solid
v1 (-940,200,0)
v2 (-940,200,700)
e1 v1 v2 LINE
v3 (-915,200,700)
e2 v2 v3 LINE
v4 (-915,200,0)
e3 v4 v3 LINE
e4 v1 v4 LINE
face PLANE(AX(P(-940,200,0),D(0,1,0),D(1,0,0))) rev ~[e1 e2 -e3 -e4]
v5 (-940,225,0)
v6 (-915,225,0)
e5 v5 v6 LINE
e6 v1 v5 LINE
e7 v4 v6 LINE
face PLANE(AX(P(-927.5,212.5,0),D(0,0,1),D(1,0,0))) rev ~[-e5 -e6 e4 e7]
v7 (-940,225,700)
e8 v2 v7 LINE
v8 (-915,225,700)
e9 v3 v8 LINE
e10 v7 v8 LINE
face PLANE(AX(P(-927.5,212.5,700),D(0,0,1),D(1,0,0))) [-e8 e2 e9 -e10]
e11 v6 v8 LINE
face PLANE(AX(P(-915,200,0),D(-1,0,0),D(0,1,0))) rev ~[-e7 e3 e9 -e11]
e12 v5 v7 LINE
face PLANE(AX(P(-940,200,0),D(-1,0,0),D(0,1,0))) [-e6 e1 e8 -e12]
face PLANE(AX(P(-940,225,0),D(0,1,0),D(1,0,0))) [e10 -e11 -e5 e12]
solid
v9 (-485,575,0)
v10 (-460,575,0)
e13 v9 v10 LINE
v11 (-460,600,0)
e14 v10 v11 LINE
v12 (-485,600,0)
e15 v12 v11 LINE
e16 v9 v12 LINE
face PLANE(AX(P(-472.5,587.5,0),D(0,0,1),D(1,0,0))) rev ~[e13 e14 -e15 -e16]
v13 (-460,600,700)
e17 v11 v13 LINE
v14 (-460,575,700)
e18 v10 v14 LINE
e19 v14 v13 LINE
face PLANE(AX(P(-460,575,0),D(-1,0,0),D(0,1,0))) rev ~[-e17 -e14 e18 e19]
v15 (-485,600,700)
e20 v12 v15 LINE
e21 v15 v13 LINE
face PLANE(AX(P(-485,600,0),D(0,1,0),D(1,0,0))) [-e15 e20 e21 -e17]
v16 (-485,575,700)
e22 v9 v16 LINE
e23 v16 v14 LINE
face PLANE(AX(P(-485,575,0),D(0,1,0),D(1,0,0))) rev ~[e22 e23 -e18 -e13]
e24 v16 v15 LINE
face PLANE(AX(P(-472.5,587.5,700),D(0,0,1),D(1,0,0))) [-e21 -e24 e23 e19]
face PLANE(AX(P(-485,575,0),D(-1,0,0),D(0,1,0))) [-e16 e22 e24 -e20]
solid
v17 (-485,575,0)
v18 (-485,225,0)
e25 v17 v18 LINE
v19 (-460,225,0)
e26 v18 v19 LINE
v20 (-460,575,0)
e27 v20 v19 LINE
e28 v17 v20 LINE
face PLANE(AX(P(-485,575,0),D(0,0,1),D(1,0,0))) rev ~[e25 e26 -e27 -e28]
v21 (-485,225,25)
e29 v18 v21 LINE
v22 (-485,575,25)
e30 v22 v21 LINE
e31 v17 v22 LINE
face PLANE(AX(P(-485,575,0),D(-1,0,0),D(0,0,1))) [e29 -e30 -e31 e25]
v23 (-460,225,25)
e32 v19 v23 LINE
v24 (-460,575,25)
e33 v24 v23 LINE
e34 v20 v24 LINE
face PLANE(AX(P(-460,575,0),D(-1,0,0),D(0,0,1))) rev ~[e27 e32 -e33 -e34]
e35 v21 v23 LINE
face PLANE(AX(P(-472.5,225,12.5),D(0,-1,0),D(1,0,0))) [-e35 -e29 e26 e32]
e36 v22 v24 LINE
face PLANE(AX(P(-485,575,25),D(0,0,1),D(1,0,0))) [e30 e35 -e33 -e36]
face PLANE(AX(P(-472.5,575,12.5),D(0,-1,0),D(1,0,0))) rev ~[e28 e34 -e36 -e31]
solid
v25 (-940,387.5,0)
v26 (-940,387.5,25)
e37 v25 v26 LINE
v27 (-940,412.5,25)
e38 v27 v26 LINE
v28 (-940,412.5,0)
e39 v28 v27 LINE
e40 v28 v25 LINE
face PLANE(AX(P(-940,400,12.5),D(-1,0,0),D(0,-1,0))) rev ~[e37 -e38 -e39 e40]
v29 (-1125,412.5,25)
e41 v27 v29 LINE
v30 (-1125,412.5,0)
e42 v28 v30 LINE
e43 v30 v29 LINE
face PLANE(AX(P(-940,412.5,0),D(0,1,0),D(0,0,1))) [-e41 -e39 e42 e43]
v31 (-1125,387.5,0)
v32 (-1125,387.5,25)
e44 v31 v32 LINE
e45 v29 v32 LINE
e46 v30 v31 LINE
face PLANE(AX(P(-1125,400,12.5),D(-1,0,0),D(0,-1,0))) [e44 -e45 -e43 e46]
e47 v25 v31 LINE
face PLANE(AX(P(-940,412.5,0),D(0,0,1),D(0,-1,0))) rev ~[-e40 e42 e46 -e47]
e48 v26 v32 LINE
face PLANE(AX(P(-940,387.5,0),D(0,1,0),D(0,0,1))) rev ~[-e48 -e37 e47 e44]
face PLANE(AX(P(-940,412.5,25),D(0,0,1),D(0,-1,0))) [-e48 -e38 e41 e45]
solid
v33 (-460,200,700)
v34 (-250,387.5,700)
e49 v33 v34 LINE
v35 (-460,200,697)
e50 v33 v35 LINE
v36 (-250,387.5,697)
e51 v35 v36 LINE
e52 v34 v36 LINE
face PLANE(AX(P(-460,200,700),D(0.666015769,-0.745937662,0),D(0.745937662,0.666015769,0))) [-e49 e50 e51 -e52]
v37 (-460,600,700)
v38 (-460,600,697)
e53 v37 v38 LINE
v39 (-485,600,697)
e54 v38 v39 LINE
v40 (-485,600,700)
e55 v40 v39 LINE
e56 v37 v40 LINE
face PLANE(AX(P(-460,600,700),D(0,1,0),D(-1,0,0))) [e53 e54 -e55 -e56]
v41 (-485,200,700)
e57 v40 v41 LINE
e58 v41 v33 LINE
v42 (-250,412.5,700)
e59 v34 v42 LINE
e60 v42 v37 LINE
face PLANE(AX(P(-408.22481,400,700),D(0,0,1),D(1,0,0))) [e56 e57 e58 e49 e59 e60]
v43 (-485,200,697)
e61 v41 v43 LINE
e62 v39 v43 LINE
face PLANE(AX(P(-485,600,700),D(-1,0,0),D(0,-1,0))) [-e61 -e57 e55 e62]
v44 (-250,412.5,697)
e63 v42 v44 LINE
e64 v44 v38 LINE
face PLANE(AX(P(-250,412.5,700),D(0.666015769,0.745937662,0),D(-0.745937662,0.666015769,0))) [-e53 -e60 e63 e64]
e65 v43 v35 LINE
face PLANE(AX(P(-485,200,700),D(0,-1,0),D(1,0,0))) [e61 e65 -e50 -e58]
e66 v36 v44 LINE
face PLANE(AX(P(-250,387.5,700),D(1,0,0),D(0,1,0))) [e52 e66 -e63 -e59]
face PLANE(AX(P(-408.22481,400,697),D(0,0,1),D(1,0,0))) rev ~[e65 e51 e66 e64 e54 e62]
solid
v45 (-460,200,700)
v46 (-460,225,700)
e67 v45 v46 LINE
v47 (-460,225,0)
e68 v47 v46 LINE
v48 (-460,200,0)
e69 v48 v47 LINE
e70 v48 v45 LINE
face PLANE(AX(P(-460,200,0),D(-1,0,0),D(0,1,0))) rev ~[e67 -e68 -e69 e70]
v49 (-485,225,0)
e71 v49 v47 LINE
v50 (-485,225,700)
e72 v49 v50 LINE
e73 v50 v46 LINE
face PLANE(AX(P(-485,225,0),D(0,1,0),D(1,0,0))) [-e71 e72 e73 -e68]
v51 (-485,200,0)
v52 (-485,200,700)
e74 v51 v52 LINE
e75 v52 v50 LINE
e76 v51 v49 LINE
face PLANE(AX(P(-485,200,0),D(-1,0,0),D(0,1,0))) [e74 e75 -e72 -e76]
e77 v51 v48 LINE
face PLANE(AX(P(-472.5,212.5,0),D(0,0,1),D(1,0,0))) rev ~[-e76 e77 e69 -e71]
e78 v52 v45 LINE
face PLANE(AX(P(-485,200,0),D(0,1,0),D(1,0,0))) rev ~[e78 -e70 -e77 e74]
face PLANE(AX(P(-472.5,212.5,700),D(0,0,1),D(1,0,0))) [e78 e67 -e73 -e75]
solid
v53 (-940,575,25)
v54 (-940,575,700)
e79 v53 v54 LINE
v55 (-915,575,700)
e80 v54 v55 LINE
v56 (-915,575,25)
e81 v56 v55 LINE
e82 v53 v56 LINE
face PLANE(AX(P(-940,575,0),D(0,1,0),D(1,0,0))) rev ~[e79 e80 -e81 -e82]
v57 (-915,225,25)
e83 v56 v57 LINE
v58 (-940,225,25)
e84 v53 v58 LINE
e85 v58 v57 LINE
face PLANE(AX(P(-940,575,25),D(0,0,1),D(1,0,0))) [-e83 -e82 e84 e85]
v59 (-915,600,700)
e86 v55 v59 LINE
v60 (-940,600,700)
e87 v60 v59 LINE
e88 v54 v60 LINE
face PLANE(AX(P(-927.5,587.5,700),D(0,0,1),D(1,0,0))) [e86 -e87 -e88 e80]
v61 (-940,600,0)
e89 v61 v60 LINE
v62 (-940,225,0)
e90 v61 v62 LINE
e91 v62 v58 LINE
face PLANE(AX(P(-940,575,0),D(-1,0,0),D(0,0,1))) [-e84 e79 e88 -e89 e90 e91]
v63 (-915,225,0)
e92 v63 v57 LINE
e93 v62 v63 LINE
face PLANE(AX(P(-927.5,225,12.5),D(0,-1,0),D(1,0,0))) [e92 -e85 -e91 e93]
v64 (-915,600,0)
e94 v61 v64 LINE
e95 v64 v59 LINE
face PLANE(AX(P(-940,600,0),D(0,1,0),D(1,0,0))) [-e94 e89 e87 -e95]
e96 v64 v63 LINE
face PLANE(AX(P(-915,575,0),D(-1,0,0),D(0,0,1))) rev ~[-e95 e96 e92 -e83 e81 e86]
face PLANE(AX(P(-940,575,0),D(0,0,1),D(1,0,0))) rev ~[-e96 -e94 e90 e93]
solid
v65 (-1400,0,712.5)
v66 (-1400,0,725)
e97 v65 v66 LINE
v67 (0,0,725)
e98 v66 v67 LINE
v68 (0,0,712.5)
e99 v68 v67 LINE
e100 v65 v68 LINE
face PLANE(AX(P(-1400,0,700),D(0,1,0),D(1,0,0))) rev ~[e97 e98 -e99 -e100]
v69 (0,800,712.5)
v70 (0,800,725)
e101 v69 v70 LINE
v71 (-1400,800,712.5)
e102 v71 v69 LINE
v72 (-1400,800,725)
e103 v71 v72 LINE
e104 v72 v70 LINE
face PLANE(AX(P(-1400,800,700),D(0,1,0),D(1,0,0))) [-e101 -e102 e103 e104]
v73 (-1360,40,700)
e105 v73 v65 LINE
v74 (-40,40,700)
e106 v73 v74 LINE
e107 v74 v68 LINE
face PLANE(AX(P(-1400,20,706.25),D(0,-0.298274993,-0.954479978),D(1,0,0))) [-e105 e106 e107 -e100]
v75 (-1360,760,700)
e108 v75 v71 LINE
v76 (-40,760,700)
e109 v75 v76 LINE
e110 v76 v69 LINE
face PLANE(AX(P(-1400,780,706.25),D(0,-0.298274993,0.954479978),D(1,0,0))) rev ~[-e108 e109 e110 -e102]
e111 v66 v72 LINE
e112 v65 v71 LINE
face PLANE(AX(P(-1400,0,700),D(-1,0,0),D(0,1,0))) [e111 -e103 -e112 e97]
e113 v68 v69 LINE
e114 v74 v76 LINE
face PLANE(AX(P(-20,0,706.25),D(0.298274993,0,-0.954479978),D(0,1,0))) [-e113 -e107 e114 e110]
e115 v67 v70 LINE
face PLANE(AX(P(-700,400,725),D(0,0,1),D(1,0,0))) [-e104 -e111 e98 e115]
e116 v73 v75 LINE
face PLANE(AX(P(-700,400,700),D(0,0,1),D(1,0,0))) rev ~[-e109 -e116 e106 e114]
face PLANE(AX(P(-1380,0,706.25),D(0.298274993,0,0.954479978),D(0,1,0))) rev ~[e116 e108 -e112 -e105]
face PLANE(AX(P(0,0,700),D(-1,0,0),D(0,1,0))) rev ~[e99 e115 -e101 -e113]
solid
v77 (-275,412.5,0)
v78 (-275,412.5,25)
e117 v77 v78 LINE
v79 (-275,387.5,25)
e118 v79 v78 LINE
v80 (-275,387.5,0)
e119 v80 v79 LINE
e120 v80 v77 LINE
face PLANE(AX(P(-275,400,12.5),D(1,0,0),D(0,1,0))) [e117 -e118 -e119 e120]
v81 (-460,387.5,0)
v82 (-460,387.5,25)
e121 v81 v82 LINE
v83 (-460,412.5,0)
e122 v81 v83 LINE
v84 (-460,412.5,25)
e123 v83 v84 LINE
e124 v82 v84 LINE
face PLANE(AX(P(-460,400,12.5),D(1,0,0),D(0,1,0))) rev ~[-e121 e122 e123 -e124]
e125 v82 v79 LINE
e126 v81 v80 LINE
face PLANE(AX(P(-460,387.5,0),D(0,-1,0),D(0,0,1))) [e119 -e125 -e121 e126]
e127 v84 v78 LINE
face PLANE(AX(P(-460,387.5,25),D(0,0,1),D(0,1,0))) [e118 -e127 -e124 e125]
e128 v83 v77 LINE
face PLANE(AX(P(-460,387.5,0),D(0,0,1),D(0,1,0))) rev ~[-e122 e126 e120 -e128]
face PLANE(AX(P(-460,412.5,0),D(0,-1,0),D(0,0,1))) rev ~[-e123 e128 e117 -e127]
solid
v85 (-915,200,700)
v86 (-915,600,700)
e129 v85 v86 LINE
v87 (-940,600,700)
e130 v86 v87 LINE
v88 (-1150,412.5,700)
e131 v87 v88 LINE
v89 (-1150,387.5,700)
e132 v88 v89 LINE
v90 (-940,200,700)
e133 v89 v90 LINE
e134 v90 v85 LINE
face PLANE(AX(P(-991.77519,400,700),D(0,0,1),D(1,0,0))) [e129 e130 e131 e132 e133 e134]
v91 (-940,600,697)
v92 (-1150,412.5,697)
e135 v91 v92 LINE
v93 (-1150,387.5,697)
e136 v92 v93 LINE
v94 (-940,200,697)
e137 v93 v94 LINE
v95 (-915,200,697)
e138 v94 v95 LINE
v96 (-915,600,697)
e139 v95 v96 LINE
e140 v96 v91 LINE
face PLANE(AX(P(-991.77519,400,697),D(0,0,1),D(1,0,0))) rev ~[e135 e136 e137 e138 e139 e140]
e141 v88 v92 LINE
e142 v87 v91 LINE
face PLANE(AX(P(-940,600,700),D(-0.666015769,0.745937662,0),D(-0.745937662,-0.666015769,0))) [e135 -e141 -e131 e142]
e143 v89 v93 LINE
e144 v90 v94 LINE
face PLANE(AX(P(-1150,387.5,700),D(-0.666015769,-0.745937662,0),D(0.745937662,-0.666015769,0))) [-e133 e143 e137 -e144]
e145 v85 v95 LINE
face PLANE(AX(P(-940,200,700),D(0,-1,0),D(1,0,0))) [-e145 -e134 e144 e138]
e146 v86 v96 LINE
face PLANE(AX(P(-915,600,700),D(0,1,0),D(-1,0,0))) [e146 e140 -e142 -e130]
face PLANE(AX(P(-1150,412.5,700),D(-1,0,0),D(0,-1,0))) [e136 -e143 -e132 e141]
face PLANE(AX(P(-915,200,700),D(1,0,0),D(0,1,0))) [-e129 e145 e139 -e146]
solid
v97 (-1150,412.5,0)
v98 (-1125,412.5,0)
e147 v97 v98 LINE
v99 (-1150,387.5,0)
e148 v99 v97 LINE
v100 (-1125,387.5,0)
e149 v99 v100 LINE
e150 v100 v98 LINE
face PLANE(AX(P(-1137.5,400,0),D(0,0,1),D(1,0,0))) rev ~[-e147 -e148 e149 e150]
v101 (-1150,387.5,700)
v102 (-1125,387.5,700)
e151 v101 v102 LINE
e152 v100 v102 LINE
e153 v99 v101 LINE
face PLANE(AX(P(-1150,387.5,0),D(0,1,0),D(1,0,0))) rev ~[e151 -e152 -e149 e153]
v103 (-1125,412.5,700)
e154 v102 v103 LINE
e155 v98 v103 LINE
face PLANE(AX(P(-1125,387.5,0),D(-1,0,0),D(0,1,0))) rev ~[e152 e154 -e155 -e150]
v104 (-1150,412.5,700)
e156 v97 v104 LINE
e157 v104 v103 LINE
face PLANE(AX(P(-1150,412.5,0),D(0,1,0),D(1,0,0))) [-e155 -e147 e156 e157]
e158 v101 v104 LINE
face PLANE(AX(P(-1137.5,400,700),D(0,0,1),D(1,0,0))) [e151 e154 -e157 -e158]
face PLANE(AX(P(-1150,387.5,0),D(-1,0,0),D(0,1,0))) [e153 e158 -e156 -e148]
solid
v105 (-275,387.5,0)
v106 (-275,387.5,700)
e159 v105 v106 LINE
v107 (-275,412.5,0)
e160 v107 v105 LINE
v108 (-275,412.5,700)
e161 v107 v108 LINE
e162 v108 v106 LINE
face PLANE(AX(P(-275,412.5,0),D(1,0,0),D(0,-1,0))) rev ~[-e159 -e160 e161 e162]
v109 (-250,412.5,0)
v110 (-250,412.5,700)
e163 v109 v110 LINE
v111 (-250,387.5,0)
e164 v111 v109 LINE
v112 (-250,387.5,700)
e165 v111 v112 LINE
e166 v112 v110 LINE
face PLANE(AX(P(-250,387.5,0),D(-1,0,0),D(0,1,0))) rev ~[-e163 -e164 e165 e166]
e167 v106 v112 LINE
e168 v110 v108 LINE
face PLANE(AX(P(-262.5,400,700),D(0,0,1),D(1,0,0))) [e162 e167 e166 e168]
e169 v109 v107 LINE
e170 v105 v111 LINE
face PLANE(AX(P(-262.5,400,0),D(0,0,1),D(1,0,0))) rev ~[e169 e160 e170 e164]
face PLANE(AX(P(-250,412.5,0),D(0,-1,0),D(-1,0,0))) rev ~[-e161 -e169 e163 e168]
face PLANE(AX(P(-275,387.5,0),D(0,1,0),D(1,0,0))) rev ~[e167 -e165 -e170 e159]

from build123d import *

# Parameters (mm, degrees)
F0_W      = 25
F0_H      = 25
F1_DEPTH  = 700
F3_W      = 25
F3_H      = 25
F4_DEPTH  = 350
F6_W      = 25
F6_H      = 25
F7_DEPTH  = 185
F9_W      = 25
F9_H      = 25
F10_DEPTH = 350
F12_W     = 25
F12_H     = 25
F13_DEPTH = 185
F16_DEPTH = 3
F18_W     = 1400
F18_H     = 800
F19_DEPTH = 25
F20_SIZE2 = 12.5
F20_SIZE  = 40


with BuildPart() as f1:
    # F0 (on Top) → F1 (new body)
    with BuildSketch(Plane.XY):
        with Locations((-472.5, 587.5)):
            Rectangle(F0_W, F0_H)
    extrude(amount=F1_DEPTH)


with BuildPart() as f1b:
    # F0 (on Top) → F1, piece 2 (new body)
    with BuildSketch(Plane.XY):
        Polygon((-250, 387.5), (-250, 400), (-250, 412.5), (-275, 412.5), (-275, 387.5), align=None)
    extrude(amount=F1_DEPTH)


with BuildPart() as f1c:
    # F0 (on Top) → F1, piece 3 (new body)
    with BuildSketch(Plane.XY):
        with Locations((-472.5, 212.5)):
            Rectangle(F0_W, F0_H)
    extrude(amount=F1_DEPTH)


with BuildPart() as f1d:
    # F0 (on Top) → F1, piece 4 (new body)
    with BuildSketch(Plane.XY):
        with Locations((-927.5, 587.5)):
            Rectangle(F0_W, F0_H)
    extrude(amount=F1_DEPTH)

    # F9 (on offset) → F10 (join)
    with BuildSketch(Plane.XZ.offset(-575)):
        with Locations((-927.5, 12.5)):
            Rectangle(F9_W, F9_H)
    extrude(amount=F10_DEPTH)


with BuildPart() as f1e:
    # F0 (on Top) → F1, piece 5 (new body)
    with BuildSketch(Plane.XY):
        with Locations((-927.5, 212.5)):
            Rectangle(F0_W, F0_H)
    extrude(amount=F1_DEPTH)


with BuildPart() as f1f:
    # F0 (on Top) → F1, piece 6 (new body)
    with BuildSketch(Plane.XY):
        with Locations((-1137.5, 400)):
            Rectangle(F0_W, F0_H)
    extrude(amount=F1_DEPTH)


with BuildPart() as f4:
    # F3 (on offset) → F4 (new body)
    with BuildSketch(Plane.XZ.offset(-575)):
        with Locations((-472.5, 12.5)):
            Rectangle(F3_W, F3_H)
    extrude(amount=F4_DEPTH)


with BuildPart() as f7:
    # F6 (on offset) → F7 (new body)
    with BuildSketch(Plane.YZ.offset(-460)):
        with Locations((400, 12.5)):
            Rectangle(F6_W, F6_H)
    extrude(amount=F7_DEPTH)


with BuildPart() as f13:
    # F12 (on offset) → F13 (new body)
    with BuildSketch(Plane(origin=(-940, 0, 0), x_dir=(0, -1, 0), z_dir=(-1, 0, 0))):
        with Locations((-400, 12.5)):
            Rectangle(F12_W, F12_H)
    extrude(amount=F13_DEPTH)


with BuildPart() as f16:
    # F15 (on offset) → F16 (new body)
    with BuildSketch(Plane.XY.offset(700)):
        Polygon((-250, 387.5), (-250, 400), (-250, 412.5), (-460, 600), (-485, 600), (-485, 400), (-485, 200), (-460, 200), align=None)
    extrude(amount=-F16_DEPTH)


with BuildPart() as f16b:
    # F15 (on offset) → F16, piece 2 (new body)
    with BuildSketch(Plane.XY.offset(700)):
        Polygon((-915, 600), (-940, 600), (-1150, 412.5), (-1150, 400), (-1150, 387.5), (-940, 200), (-915, 200), (-915, 400), align=None)
    extrude(amount=-F16_DEPTH)


with BuildPart() as f19:
    # F18 (on offset) → F19 (new body)
    with BuildSketch(Plane.XY.offset(700)):
        with Locations((-700, 400)):
            Rectangle(F18_W, F18_H)
    extrude(amount=F19_DEPTH)

    # F20
    f20_edges = [f19.edges().sort_by_distance(p)[0] for p in [
        (-700, 0, 700),
        (0, 400, 700),
        (-700, 800, 700),
        (-1400, 400, 700),
    ]]
    f20_side = f19.faces().sort_by_distance((-700, 400, 700))[0]
    chamfer(f20_edges, length=F20_SIZE, length2=F20_SIZE2, reference=f20_side)


solid = Compound([f1.part, f1b.part, f1c.part, f1d.part, f1e.part, f1f.part, f4.part, f7.part, f13.part, f16.part, f16b.part, f19.part])
